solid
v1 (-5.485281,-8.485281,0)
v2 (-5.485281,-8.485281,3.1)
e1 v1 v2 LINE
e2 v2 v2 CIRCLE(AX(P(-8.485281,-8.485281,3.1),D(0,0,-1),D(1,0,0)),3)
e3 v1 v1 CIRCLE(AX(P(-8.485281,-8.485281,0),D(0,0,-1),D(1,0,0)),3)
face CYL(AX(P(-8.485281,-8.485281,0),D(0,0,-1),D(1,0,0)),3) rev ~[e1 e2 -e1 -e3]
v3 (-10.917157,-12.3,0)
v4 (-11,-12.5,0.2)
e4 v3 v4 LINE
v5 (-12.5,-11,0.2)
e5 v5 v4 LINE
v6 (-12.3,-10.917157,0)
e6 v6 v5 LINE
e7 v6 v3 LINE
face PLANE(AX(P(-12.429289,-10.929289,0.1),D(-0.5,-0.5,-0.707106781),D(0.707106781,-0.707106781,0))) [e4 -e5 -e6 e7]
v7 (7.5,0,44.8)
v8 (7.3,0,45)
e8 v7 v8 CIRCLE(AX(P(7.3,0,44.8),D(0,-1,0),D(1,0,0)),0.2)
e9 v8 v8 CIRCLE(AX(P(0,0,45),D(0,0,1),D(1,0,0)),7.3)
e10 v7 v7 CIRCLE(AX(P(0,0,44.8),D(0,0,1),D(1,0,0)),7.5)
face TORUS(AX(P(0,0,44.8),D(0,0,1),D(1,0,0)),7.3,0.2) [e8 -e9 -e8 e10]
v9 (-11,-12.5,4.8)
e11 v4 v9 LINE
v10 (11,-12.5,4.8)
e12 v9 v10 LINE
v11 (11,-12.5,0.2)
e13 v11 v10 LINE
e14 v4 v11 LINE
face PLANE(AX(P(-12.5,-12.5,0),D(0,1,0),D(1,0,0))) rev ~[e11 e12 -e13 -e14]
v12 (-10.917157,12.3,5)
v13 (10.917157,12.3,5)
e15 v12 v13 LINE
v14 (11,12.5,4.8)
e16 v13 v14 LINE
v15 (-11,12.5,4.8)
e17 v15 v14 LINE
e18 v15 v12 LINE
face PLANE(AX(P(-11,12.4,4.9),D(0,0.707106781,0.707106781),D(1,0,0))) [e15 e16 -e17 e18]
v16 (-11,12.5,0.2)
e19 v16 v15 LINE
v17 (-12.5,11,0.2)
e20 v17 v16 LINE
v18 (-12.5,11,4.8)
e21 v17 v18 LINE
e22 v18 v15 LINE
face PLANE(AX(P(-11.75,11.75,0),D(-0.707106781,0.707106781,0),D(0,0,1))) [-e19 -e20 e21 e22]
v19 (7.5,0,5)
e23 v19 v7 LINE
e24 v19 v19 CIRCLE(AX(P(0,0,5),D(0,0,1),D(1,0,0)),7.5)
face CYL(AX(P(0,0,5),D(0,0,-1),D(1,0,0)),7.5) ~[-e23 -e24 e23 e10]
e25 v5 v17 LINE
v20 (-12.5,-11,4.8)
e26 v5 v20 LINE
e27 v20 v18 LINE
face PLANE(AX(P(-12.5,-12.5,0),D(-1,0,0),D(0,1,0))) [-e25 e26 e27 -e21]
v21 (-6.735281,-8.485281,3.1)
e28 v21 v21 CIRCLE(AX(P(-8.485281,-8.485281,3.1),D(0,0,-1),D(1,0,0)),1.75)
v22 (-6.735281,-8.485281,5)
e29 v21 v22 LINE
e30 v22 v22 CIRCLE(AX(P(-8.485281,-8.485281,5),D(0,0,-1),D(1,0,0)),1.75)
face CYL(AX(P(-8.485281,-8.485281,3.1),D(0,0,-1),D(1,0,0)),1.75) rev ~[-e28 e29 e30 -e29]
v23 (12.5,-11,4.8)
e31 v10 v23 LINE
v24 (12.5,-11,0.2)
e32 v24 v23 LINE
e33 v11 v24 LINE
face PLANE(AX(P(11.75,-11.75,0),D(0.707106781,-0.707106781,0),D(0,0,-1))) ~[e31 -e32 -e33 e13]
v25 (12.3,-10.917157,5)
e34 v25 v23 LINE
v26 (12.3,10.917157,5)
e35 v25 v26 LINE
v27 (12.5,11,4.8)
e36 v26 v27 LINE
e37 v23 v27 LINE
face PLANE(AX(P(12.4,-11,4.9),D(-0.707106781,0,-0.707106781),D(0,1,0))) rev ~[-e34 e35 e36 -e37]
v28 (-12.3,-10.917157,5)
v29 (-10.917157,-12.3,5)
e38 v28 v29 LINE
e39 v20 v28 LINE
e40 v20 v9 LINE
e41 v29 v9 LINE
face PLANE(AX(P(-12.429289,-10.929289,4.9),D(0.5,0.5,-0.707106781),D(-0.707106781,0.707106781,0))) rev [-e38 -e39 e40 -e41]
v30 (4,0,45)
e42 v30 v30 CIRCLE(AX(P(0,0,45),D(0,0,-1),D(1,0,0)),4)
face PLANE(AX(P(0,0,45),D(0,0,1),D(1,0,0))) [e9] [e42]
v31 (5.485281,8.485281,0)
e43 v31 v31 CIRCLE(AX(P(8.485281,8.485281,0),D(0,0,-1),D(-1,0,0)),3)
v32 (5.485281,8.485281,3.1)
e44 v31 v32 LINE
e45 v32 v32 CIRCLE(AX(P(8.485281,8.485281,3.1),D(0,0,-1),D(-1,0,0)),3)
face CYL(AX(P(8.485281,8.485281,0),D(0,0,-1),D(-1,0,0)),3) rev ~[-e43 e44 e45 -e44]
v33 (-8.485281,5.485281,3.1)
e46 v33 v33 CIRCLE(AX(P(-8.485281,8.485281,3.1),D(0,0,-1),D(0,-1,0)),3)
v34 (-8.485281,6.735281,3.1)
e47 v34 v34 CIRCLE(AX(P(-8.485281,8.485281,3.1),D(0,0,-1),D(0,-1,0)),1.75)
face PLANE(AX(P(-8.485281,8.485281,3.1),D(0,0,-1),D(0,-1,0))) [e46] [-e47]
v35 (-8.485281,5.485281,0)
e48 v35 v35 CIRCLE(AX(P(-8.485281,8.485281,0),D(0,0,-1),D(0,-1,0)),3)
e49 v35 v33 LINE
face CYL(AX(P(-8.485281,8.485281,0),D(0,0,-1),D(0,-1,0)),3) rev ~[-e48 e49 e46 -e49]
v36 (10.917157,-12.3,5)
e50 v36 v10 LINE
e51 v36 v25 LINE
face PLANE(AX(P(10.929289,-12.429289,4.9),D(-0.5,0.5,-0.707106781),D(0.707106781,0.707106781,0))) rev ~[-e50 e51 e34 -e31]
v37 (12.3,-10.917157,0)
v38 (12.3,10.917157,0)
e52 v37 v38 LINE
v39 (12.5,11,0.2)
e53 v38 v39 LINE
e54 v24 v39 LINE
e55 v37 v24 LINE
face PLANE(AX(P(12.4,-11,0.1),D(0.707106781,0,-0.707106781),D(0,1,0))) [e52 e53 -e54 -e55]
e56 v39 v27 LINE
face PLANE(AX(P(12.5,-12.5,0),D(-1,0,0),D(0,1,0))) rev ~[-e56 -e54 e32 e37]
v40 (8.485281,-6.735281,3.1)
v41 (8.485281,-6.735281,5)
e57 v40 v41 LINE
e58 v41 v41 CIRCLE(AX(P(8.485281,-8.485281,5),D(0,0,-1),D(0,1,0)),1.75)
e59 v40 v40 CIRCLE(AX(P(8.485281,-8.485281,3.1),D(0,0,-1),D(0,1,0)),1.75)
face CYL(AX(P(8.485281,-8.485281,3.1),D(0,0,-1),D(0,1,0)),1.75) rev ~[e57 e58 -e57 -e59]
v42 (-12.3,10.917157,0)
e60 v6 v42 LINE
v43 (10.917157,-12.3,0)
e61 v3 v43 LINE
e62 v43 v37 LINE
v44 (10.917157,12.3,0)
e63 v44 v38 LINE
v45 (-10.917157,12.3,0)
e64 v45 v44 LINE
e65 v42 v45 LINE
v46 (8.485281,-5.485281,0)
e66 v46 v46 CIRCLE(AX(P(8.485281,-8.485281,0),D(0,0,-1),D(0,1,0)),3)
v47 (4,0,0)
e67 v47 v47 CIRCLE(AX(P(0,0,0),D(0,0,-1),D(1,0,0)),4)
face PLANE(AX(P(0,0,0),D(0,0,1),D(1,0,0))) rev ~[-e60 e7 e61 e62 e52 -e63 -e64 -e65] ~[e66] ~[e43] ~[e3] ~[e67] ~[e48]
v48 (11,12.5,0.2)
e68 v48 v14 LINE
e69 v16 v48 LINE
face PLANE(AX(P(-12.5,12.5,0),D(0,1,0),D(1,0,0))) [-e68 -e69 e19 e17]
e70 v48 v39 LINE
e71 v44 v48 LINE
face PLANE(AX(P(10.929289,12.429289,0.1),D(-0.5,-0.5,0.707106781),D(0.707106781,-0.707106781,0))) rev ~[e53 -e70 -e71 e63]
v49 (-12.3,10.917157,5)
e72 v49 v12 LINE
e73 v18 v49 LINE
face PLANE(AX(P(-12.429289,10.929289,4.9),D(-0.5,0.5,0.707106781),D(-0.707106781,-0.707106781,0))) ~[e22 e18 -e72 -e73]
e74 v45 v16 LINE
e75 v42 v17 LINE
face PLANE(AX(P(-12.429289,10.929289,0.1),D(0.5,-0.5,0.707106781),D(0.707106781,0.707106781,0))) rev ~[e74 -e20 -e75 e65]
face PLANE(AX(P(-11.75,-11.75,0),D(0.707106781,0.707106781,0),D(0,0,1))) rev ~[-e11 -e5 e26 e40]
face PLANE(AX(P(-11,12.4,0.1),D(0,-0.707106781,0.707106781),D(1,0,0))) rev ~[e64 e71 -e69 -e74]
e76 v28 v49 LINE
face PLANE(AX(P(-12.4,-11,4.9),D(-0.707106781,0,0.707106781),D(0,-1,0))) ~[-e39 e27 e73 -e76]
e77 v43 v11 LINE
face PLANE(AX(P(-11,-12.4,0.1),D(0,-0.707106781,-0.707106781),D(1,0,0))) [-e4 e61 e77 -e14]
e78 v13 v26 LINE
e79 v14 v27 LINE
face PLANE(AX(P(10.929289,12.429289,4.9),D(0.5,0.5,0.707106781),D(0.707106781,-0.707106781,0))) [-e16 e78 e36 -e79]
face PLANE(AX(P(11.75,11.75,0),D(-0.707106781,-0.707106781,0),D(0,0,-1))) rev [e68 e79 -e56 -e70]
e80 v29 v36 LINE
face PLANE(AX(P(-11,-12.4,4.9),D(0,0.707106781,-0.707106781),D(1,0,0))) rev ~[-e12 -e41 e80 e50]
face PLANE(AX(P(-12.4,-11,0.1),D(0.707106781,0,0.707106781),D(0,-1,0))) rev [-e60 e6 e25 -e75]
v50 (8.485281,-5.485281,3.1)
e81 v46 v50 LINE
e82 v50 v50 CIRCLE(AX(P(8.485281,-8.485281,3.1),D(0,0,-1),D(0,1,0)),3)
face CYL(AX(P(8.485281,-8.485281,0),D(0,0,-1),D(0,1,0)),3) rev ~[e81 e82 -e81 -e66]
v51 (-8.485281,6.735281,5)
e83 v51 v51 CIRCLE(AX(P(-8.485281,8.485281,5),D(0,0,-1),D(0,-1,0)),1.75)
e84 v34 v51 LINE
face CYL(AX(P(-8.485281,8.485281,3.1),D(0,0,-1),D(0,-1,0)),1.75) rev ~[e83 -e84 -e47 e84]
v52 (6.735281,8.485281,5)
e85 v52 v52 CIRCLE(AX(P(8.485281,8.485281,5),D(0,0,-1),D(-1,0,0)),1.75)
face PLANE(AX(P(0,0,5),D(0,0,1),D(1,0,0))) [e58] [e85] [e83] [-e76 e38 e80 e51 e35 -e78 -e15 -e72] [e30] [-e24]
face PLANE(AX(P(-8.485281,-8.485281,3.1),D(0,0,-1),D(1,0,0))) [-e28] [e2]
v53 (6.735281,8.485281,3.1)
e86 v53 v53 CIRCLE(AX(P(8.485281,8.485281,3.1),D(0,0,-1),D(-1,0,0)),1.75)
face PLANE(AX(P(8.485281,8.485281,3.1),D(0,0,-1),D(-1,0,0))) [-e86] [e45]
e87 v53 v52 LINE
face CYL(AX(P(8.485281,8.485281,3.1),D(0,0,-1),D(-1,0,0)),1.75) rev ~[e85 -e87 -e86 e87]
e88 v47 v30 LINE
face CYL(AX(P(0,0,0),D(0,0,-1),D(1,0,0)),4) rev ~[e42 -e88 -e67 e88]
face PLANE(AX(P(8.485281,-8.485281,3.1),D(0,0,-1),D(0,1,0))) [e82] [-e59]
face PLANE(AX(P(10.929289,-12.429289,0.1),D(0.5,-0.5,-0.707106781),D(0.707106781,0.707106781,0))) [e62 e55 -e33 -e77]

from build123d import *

# Parameters (mm, degrees)
SKETCH_W              = 25
SKETCH_H              = 25
PAD_DEPTH             = 5
SKETCH001_R           = 7.5
PAD001_DEPTH          = 40
SKETCH004_R           = 4
POCKET_DEPTH          = 45.001
SKETCH005_R           = 3
POCKET001_DEPTH       = 3.1
POLARPATTERN_COUNT    = 4
SKETCH006_R           = 1.75
POCKET002_DEPTH       = 156.356231
POLARPATTERN001_COUNT = 4
CHAMFER_SIZE          = 1.5
CHAMFER001_SIZE       = 0.2
FILLET_R              = 0.2


with BuildPart() as part:
    # Sketch → Pad (new body)
    with BuildSketch(Plane.XY):
        Rectangle(SKETCH_W, SKETCH_H)
    extrude(amount=PAD_DEPTH)

    # Sketch001 (on Face6 of Pad) → Pad001 (join)
    with BuildSketch(Plane.XY.offset(5)):
        Circle(SKETCH001_R)
    extrude(amount=PAD001_DEPTH)

    # Sketch004 (on Face4 of Pad001) → Pocket (cut, through all)
    with BuildSketch(Plane(origin=(0, 0, 0), x_dir=(1, 0, 0), z_dir=(0, 0, -1))):
        Circle(SKETCH004_R)
    extrude(amount=-POCKET_DEPTH, mode=Mode.SUBTRACT)

    # Sketch005 (on Face4 of Pocket) → Pocket001 (cut)
    with BuildSketch(Plane(origin=(0, 0, 0), x_dir=(1, 0, 0), z_dir=(0, 0, -1))):
        with Locations((-8.485281, 8.485281)):
            Circle(SKETCH005_R)
    pocket001 = extrude(amount=-POCKET001_DEPTH, mode=Mode.SUBTRACT)

    # PolarPattern: Pocket001 ×4 about axis
    polarpattern_axis = Axis((0, 0, 0), (0, 0, -1))
    for i in range(1, POLARPATTERN_COUNT):
        add(pocket001.rotate(polarpattern_axis, i * 360 / POLARPATTERN_COUNT), mode=Mode.SUBTRACT)

    # Sketch006 (on Face16 of PolarPattern) → Pocket002 (cut, through all)
    with BuildSketch(Plane(origin=(0, 0, 3.1), x_dir=(1, 0, 0), z_dir=(0, 0, -1))):
        with Locations((-8.485281, 8.485281)):
            Circle(SKETCH006_R)
    pocket002 = extrude(amount=-POCKET002_DEPTH, mode=Mode.SUBTRACT)

    # PolarPattern001: Pocket002 ×4 about axis
    polarpattern001_axis = Axis((0, 0, 3.1), (0, 0, -1))
    for i in range(1, POLARPATTERN001_COUNT):
        add(pocket002.rotate(polarpattern001_axis, i * 360 / POLARPATTERN001_COUNT), mode=Mode.SUBTRACT)

    # Chamfer
    chamfer_edges = [part.edges().sort_by_distance(p)[0] for p in [
        (-12.5, 12.5, 2.5),
        (-12.5, -12.5, 2.5),
        (12.5, -12.5, 2.5),
        (12.5, 12.5, 2.5),
    ]]
    chamfer(chamfer_edges, length=CHAMFER_SIZE)

    # Chamfer001
    chamfer001_edges = [part.edges().sort_by_distance(p)[0] for p in [
        (-11.75, 11.75, 0),
        (0, 12.5, 0),
        (11.75, 11.75, 0),
        (12.5, 0, 0),
        (11.75, -11.75, 0),
        (0, -12.5, 0),
        (-11.75, -11.75, 0),
        (-12.5, 0, 0),
        (-11.75, 11.75, 5),
        (0, 12.5, 5),
        (11.75, 11.75, 5),
        (12.5, 0, 5),
        (0, -12.5, 5),
        (-11.75, -11.75, 5),
        (-12.5, 0, 5),
        (11.75, -11.75, 5),
    ]]
    chamfer(chamfer001_edges, length=CHAMFER001_SIZE)

    # Fillet
    fillet_edges = [part.edges().sort_by_distance(p)[0] for p in [
        (-7.5, 0, 45),
    ]]
    fillet(fillet_edges, radius=FILLET_R)


solid = part.part
